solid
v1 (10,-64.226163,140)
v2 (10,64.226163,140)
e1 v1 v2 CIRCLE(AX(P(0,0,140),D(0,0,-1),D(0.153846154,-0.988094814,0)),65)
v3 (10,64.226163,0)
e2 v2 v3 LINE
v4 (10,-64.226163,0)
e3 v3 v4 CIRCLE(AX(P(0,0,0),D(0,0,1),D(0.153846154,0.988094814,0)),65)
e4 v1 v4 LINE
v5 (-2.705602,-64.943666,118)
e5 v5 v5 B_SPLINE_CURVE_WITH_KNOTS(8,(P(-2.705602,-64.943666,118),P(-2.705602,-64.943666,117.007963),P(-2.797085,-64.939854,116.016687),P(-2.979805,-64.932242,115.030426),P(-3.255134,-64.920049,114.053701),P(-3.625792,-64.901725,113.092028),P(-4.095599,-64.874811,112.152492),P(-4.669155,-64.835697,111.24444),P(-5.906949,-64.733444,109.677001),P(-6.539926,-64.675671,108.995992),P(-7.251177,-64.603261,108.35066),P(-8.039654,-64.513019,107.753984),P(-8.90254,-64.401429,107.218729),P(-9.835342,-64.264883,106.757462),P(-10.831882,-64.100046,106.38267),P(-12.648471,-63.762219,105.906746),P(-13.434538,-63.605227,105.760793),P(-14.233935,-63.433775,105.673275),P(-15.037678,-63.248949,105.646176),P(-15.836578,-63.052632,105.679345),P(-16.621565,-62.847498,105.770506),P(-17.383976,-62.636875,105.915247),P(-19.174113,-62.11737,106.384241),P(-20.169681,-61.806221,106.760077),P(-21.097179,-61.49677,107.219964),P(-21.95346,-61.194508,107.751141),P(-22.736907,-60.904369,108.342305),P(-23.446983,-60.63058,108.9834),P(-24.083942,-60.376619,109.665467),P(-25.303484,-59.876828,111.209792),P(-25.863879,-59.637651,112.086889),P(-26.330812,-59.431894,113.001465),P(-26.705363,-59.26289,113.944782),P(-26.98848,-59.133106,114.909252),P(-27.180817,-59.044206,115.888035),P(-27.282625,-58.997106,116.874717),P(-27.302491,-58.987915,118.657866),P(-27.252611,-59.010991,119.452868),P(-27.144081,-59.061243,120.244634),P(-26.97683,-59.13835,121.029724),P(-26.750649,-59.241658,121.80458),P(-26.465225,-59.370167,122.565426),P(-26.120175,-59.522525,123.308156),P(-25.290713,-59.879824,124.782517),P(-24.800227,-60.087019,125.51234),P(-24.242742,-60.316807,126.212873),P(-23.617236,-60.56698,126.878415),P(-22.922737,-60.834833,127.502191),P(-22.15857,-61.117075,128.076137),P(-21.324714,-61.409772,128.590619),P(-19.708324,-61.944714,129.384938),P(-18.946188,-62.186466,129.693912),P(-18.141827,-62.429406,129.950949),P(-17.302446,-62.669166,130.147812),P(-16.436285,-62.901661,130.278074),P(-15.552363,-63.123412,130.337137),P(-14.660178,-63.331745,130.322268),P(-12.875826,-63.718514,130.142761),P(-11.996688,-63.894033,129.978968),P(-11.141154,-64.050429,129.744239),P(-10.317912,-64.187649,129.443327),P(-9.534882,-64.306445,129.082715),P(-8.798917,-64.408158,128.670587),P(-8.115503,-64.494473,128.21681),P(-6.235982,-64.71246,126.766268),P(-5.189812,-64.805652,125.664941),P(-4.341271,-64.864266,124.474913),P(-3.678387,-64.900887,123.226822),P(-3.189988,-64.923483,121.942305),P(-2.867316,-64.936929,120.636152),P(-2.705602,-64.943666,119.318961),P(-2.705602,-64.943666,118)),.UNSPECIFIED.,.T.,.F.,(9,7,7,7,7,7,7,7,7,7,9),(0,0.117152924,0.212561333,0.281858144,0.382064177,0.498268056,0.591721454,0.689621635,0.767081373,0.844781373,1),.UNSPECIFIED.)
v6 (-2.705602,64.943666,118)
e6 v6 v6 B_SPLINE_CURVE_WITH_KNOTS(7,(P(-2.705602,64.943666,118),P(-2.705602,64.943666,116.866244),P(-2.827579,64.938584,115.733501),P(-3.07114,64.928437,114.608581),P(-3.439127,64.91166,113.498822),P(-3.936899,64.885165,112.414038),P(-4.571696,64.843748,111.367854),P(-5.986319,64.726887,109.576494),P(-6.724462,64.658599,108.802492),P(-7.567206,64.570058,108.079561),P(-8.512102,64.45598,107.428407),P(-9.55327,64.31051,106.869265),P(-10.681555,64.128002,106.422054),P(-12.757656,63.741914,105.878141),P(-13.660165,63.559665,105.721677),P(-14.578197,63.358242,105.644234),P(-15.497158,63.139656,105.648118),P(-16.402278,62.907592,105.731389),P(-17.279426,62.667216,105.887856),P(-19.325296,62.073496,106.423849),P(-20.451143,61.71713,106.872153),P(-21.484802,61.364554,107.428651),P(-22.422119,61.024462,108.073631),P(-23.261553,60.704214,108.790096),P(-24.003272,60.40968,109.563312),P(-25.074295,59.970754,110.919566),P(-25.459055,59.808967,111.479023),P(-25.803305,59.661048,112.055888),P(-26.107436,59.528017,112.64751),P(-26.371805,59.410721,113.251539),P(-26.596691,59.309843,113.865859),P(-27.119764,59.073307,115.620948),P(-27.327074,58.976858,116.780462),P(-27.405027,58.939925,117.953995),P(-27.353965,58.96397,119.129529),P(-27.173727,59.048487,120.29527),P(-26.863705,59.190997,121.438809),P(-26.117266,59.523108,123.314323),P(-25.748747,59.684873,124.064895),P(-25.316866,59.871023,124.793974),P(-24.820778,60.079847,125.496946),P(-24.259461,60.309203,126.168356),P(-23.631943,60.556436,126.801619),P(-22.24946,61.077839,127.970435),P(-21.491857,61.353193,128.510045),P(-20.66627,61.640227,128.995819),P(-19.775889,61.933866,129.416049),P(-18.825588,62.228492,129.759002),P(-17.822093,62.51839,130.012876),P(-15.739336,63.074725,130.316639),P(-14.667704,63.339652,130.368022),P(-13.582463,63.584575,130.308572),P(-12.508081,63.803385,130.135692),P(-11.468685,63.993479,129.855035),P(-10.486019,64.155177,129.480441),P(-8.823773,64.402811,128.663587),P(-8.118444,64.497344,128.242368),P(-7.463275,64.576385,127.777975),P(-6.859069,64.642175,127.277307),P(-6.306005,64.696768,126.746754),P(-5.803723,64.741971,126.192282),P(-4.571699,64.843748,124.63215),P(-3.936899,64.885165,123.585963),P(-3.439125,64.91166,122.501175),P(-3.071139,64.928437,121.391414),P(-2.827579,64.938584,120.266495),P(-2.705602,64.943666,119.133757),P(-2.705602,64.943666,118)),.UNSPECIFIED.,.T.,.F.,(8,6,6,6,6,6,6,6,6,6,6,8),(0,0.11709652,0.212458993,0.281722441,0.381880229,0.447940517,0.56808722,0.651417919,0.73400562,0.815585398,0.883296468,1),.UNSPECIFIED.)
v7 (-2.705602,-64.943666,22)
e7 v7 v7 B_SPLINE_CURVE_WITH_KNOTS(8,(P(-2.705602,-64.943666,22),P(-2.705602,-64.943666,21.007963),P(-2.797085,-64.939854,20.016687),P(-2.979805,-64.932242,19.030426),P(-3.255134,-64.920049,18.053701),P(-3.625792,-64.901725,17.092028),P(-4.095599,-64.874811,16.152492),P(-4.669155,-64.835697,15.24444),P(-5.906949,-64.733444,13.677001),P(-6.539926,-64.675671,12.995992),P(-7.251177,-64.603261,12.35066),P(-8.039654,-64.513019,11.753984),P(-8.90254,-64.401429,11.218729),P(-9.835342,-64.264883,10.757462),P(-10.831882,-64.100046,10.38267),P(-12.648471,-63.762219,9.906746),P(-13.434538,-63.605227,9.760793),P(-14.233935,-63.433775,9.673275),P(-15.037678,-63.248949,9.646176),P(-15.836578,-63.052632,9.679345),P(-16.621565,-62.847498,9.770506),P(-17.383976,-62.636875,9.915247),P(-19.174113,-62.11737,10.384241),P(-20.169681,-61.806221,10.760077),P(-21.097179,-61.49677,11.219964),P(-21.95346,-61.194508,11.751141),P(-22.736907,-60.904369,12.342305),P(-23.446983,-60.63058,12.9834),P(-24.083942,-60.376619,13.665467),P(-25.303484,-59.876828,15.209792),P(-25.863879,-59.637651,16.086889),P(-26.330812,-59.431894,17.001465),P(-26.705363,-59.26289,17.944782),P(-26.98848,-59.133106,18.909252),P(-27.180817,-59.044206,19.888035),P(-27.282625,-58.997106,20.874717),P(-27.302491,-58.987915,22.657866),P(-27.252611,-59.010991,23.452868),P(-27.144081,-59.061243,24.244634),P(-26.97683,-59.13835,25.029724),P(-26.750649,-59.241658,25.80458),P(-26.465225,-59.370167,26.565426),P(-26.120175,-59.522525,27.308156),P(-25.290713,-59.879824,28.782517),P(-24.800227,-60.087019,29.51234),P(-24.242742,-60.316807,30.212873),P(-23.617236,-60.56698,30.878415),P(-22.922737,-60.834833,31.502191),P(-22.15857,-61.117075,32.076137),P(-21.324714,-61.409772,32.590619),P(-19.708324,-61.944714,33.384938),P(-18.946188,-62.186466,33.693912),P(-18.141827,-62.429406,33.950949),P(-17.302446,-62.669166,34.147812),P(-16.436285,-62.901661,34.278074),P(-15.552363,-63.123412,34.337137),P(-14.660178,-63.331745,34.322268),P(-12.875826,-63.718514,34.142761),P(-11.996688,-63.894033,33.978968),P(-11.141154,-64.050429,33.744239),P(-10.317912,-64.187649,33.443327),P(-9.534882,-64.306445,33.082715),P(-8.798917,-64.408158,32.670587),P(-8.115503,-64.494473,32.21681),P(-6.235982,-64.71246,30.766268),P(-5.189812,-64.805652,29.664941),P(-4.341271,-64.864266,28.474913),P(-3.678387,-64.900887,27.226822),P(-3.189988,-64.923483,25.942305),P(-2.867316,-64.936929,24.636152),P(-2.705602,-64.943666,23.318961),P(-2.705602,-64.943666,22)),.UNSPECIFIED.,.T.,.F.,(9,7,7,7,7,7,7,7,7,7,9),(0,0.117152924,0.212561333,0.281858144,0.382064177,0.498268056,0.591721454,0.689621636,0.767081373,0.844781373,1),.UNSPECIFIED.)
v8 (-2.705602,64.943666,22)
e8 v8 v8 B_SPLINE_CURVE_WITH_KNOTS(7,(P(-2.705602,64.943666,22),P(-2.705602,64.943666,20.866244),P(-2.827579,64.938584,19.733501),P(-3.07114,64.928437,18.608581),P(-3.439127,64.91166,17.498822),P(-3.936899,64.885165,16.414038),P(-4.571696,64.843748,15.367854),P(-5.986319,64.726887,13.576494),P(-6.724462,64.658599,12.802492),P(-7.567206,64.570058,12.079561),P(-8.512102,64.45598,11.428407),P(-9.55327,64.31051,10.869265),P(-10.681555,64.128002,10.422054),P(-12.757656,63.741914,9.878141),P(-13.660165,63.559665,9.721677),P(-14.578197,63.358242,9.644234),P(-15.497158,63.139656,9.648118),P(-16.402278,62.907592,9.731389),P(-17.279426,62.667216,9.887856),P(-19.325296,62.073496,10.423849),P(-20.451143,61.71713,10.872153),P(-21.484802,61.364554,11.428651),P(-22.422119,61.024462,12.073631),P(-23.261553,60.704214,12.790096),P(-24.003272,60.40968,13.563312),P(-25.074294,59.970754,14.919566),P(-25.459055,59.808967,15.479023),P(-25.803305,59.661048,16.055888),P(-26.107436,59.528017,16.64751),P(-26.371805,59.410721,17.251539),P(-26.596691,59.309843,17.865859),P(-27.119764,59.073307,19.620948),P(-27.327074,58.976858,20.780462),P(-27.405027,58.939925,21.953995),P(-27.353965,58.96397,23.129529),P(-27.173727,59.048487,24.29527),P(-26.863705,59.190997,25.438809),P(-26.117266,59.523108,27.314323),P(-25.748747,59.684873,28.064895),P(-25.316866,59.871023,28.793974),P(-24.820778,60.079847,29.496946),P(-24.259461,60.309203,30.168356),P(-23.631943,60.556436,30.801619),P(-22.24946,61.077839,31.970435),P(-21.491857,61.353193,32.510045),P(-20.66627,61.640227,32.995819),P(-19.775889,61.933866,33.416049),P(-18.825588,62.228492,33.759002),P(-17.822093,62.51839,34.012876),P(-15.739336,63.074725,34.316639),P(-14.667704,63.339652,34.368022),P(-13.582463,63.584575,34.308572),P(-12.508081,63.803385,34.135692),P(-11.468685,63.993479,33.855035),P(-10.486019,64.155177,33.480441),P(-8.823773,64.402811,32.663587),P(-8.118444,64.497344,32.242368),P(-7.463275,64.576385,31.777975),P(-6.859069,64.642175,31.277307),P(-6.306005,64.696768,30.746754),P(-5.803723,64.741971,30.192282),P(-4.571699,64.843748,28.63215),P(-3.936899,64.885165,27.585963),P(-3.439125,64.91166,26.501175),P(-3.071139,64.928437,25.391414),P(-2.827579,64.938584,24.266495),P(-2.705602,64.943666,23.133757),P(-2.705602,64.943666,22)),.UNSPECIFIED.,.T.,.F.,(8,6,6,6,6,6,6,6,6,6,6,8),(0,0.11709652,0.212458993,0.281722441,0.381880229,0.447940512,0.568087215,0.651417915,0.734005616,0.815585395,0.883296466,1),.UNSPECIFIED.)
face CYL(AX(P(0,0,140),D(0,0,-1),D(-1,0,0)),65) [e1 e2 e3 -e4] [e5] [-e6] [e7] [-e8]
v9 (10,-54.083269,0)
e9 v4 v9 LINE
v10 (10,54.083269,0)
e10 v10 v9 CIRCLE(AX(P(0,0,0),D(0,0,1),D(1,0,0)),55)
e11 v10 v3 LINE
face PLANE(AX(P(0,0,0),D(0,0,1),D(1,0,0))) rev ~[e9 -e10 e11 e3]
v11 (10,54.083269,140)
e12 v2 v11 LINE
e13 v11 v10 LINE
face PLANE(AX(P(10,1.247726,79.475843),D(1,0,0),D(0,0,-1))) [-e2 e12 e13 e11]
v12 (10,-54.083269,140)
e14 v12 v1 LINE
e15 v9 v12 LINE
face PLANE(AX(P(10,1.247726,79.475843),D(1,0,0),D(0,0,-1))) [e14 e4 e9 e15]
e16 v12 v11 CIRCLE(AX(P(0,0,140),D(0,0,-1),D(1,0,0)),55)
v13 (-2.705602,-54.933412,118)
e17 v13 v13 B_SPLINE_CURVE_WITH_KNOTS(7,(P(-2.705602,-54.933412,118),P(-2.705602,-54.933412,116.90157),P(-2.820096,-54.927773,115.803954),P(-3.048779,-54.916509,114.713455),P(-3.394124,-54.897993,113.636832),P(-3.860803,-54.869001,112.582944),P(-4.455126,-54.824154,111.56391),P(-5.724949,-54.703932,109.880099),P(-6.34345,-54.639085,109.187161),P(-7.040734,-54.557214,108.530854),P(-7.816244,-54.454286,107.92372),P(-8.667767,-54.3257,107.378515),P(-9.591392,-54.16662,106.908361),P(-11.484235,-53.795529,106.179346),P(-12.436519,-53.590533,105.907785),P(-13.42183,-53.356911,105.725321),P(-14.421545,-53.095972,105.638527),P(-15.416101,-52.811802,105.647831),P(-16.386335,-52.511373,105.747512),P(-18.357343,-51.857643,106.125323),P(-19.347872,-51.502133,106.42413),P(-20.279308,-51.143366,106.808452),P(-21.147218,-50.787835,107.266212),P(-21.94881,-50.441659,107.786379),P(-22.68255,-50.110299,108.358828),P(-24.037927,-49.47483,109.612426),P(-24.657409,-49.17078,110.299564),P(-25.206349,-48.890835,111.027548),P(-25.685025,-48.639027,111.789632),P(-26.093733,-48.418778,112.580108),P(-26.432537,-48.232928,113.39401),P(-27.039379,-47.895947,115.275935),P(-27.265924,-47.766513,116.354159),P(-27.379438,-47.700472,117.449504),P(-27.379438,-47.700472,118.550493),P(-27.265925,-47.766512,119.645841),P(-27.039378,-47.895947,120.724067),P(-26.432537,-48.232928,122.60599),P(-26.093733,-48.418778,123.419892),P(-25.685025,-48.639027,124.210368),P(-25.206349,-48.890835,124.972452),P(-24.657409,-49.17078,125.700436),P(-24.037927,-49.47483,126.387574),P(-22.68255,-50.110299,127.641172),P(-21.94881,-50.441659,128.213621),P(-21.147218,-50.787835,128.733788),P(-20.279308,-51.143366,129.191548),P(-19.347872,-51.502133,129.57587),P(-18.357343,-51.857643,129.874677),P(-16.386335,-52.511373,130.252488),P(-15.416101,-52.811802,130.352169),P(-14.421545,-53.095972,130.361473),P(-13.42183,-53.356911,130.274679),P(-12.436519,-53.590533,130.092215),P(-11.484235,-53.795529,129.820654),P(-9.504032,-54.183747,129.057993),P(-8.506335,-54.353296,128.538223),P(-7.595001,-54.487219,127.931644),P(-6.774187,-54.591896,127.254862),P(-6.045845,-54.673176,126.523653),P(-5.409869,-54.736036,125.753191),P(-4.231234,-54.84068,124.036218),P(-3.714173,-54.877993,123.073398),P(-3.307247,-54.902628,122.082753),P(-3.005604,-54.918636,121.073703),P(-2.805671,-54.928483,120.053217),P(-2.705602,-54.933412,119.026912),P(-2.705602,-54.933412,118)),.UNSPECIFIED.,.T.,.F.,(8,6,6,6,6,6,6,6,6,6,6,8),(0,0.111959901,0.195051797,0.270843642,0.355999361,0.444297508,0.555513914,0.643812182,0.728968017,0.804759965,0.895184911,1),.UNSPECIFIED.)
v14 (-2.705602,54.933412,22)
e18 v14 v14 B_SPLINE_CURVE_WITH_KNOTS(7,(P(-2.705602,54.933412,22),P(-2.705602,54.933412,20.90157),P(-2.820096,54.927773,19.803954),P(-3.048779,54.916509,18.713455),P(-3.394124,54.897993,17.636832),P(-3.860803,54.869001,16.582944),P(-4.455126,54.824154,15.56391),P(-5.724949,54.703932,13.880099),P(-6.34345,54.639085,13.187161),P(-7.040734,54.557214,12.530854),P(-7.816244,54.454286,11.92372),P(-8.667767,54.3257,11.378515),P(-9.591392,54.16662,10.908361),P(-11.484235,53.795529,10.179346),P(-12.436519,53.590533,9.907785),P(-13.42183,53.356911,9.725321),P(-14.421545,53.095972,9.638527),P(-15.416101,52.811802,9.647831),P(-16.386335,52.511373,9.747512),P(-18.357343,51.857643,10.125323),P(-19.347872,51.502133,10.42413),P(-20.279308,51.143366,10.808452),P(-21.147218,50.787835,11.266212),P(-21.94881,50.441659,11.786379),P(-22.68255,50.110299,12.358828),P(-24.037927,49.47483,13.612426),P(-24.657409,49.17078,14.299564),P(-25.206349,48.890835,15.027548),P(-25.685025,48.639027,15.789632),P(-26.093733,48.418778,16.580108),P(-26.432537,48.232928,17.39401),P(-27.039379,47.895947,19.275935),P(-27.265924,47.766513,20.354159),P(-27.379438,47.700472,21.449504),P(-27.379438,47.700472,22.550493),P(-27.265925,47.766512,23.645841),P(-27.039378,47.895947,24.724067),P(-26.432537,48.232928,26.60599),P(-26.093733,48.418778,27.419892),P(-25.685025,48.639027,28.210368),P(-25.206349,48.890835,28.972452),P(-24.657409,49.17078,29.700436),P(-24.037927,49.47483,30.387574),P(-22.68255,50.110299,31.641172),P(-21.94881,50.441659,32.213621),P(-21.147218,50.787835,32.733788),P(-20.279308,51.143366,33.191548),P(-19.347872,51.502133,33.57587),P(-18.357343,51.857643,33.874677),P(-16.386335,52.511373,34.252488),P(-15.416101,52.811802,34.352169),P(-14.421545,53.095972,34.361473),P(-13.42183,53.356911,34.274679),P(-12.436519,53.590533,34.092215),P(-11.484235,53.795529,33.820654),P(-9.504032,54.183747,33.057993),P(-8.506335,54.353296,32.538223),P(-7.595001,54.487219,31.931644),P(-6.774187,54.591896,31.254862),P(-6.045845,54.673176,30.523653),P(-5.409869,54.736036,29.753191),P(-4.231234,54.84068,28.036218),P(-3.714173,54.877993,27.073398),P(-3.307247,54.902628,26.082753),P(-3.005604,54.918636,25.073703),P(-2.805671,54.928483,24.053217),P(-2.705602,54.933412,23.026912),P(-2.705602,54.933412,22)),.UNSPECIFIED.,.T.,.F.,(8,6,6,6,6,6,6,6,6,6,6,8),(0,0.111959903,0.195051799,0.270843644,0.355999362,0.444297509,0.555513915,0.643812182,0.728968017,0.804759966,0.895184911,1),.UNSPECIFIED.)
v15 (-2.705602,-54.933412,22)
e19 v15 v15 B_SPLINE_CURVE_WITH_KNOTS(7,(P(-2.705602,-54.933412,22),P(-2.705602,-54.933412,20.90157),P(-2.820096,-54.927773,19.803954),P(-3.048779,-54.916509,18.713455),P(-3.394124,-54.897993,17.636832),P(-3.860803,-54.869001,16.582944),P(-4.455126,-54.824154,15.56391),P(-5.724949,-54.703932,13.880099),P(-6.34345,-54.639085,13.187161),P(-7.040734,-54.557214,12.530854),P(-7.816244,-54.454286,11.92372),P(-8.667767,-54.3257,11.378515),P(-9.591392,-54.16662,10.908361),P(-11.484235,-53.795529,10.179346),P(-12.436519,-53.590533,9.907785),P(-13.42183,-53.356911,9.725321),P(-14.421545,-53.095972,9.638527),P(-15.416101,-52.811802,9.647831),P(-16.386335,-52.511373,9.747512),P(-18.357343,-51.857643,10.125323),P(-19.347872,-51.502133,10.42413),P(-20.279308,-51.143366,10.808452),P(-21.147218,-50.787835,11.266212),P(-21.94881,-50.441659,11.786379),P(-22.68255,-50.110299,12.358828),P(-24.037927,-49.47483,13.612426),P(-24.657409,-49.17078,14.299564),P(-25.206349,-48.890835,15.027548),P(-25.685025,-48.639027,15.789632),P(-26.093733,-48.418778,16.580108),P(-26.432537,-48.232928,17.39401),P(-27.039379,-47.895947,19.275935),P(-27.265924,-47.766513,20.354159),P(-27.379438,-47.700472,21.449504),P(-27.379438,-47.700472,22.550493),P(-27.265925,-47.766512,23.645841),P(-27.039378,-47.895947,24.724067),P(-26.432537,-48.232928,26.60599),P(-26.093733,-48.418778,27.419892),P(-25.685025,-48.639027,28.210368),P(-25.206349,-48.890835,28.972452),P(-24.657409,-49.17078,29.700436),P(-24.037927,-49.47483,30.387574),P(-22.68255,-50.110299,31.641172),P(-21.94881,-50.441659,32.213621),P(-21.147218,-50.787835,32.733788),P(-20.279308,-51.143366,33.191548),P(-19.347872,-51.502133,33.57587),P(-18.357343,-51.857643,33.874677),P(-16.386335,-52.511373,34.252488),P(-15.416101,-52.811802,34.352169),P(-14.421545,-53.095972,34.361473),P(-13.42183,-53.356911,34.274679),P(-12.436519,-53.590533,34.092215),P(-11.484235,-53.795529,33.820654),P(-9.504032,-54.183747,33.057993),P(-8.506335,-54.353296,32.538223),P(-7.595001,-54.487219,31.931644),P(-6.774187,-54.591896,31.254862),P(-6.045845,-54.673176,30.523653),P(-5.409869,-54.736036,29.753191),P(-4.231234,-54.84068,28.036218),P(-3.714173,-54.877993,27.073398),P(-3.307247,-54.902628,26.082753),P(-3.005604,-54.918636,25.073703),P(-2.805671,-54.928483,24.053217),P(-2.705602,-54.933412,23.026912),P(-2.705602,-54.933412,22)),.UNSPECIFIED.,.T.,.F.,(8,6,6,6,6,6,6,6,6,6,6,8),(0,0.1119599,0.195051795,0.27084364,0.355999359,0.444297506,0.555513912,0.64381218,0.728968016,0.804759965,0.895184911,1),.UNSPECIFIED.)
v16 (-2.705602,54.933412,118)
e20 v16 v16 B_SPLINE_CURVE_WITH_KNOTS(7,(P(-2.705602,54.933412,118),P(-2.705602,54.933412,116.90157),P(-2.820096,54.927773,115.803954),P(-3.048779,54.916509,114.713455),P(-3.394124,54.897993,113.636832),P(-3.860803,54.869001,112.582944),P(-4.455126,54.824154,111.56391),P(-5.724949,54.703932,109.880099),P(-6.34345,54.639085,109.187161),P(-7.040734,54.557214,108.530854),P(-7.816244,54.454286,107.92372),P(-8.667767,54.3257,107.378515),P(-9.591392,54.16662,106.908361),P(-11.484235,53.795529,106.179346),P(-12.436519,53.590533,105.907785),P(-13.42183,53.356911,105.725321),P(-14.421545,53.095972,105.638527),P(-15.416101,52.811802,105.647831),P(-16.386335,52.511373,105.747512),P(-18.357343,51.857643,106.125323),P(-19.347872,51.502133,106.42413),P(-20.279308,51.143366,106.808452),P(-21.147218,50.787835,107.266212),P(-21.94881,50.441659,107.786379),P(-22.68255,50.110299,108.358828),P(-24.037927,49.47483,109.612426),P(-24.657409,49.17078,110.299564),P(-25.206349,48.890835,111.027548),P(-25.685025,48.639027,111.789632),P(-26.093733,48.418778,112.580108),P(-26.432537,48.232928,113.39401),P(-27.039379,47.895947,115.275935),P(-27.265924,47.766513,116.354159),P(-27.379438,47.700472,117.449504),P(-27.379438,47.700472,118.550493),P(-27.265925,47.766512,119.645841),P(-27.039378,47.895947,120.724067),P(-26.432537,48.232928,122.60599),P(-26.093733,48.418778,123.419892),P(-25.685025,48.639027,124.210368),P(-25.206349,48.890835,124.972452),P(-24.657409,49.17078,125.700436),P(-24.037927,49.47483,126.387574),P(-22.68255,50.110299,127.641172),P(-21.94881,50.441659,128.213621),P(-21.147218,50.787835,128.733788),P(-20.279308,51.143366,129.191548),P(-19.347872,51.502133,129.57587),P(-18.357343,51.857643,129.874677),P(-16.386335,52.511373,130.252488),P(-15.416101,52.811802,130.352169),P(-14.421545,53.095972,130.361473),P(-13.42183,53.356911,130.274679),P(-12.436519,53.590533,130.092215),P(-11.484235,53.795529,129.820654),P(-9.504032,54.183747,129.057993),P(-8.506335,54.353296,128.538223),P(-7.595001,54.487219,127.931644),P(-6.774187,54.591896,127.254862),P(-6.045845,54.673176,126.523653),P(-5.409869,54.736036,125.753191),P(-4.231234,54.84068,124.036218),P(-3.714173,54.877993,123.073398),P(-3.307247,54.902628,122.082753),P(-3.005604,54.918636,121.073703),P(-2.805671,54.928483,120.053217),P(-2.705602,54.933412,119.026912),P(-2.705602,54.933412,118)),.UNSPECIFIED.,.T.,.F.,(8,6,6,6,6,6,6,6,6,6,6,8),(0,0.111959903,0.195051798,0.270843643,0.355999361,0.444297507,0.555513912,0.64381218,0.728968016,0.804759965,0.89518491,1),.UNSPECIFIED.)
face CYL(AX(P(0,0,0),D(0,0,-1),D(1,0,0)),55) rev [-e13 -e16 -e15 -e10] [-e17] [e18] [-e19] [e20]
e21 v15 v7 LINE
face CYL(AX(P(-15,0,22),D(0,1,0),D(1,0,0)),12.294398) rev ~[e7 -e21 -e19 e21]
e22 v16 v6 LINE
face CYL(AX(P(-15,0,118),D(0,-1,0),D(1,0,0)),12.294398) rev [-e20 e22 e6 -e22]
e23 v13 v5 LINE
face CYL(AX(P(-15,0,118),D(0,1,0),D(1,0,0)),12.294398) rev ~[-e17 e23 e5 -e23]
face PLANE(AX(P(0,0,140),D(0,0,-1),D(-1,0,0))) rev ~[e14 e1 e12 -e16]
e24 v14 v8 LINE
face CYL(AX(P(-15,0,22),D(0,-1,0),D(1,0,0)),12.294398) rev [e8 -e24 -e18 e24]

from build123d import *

# Parameters (mm, degrees)
ESQUISSE2_R                  = 65
ESQUISSE1_R                  = 65
ESQUISSE4_W                  = 168.541891076
ESQUISSE4_H                  = 143.597897644
ENL_V_MAT_EXTRU_2_DEPTH      = 56.0000001
COQUE2_T                     = -10
ESQUISSE5_R                  = 55
ENL_V_MAT_EXTRU_3_DEPTH      = 141
ESQUISSE6_R                  = 12.294398433
ENL_V_MAT_EXTRU_4_DEPTH      = 66
ENL_V_MAT_EXTRU_4_DEPTH_BACK = 66


with BuildPart() as part:
    # Esquisse2 → Lissage2 section 0
    with BuildSketch(Plane(origin=(0, 0, 140), x_dir=(-1, 0, 0), z_dir=(0, 0, -1))):
        Circle(ESQUISSE2_R)
    # Esquisse1 → Lissage2 section 1
    with BuildSketch(Plane.XY):
        Circle(ESQUISSE1_R)
    loft()

    # Esquisse4 → Enlèv. mat.-Extru.2 (cut, through all)
    with BuildSketch(Plane(origin=(10, 0, 0), x_dir=(0, 0, -1), z_dir=(1, 0, 0))):
        with Locations((-79.475842773, 1.247725941)):
            Rectangle(ESQUISSE4_W, ESQUISSE4_H)
    extrude(amount=ENL_V_MAT_EXTRU_2_DEPTH, mode=Mode.SUBTRACT)

    # Coque2
    coque2_openings = [part.faces().sort_by_distance(p)[0] for p in [
        (10, 7.25e-07, 70),
    ]]
    offset(amount=COQUE2_T, openings=coque2_openings)

    # Esquisse5 → Enlèv. mat.-Extru.3 (cut, through all)
    with BuildSketch(Plane.XY):
        Circle(ESQUISSE5_R)
    extrude(amount=ENL_V_MAT_EXTRU_3_DEPTH, mode=Mode.SUBTRACT)

    # Esquisse6 → Enlèv. mat.-Extru.4 (cut, two sides)
    with BuildSketch(Plane(origin=(0, 0, 0), x_dir=(1, 0, 0), z_dir=(0, 1, 0))) as enl_v_mat_extru_4_sk:
        with Locations((-15, -22)):
            Circle(ESQUISSE6_R)
        with Locations((-15, -118)):
            Circle(ESQUISSE6_R)
    extrude(amount=ENL_V_MAT_EXTRU_4_DEPTH, mode=Mode.SUBTRACT)
    extrude(enl_v_mat_extru_4_sk.sketch, amount=-ENL_V_MAT_EXTRU_4_DEPTH_BACK, mode=Mode.SUBTRACT)


solid = part.part
